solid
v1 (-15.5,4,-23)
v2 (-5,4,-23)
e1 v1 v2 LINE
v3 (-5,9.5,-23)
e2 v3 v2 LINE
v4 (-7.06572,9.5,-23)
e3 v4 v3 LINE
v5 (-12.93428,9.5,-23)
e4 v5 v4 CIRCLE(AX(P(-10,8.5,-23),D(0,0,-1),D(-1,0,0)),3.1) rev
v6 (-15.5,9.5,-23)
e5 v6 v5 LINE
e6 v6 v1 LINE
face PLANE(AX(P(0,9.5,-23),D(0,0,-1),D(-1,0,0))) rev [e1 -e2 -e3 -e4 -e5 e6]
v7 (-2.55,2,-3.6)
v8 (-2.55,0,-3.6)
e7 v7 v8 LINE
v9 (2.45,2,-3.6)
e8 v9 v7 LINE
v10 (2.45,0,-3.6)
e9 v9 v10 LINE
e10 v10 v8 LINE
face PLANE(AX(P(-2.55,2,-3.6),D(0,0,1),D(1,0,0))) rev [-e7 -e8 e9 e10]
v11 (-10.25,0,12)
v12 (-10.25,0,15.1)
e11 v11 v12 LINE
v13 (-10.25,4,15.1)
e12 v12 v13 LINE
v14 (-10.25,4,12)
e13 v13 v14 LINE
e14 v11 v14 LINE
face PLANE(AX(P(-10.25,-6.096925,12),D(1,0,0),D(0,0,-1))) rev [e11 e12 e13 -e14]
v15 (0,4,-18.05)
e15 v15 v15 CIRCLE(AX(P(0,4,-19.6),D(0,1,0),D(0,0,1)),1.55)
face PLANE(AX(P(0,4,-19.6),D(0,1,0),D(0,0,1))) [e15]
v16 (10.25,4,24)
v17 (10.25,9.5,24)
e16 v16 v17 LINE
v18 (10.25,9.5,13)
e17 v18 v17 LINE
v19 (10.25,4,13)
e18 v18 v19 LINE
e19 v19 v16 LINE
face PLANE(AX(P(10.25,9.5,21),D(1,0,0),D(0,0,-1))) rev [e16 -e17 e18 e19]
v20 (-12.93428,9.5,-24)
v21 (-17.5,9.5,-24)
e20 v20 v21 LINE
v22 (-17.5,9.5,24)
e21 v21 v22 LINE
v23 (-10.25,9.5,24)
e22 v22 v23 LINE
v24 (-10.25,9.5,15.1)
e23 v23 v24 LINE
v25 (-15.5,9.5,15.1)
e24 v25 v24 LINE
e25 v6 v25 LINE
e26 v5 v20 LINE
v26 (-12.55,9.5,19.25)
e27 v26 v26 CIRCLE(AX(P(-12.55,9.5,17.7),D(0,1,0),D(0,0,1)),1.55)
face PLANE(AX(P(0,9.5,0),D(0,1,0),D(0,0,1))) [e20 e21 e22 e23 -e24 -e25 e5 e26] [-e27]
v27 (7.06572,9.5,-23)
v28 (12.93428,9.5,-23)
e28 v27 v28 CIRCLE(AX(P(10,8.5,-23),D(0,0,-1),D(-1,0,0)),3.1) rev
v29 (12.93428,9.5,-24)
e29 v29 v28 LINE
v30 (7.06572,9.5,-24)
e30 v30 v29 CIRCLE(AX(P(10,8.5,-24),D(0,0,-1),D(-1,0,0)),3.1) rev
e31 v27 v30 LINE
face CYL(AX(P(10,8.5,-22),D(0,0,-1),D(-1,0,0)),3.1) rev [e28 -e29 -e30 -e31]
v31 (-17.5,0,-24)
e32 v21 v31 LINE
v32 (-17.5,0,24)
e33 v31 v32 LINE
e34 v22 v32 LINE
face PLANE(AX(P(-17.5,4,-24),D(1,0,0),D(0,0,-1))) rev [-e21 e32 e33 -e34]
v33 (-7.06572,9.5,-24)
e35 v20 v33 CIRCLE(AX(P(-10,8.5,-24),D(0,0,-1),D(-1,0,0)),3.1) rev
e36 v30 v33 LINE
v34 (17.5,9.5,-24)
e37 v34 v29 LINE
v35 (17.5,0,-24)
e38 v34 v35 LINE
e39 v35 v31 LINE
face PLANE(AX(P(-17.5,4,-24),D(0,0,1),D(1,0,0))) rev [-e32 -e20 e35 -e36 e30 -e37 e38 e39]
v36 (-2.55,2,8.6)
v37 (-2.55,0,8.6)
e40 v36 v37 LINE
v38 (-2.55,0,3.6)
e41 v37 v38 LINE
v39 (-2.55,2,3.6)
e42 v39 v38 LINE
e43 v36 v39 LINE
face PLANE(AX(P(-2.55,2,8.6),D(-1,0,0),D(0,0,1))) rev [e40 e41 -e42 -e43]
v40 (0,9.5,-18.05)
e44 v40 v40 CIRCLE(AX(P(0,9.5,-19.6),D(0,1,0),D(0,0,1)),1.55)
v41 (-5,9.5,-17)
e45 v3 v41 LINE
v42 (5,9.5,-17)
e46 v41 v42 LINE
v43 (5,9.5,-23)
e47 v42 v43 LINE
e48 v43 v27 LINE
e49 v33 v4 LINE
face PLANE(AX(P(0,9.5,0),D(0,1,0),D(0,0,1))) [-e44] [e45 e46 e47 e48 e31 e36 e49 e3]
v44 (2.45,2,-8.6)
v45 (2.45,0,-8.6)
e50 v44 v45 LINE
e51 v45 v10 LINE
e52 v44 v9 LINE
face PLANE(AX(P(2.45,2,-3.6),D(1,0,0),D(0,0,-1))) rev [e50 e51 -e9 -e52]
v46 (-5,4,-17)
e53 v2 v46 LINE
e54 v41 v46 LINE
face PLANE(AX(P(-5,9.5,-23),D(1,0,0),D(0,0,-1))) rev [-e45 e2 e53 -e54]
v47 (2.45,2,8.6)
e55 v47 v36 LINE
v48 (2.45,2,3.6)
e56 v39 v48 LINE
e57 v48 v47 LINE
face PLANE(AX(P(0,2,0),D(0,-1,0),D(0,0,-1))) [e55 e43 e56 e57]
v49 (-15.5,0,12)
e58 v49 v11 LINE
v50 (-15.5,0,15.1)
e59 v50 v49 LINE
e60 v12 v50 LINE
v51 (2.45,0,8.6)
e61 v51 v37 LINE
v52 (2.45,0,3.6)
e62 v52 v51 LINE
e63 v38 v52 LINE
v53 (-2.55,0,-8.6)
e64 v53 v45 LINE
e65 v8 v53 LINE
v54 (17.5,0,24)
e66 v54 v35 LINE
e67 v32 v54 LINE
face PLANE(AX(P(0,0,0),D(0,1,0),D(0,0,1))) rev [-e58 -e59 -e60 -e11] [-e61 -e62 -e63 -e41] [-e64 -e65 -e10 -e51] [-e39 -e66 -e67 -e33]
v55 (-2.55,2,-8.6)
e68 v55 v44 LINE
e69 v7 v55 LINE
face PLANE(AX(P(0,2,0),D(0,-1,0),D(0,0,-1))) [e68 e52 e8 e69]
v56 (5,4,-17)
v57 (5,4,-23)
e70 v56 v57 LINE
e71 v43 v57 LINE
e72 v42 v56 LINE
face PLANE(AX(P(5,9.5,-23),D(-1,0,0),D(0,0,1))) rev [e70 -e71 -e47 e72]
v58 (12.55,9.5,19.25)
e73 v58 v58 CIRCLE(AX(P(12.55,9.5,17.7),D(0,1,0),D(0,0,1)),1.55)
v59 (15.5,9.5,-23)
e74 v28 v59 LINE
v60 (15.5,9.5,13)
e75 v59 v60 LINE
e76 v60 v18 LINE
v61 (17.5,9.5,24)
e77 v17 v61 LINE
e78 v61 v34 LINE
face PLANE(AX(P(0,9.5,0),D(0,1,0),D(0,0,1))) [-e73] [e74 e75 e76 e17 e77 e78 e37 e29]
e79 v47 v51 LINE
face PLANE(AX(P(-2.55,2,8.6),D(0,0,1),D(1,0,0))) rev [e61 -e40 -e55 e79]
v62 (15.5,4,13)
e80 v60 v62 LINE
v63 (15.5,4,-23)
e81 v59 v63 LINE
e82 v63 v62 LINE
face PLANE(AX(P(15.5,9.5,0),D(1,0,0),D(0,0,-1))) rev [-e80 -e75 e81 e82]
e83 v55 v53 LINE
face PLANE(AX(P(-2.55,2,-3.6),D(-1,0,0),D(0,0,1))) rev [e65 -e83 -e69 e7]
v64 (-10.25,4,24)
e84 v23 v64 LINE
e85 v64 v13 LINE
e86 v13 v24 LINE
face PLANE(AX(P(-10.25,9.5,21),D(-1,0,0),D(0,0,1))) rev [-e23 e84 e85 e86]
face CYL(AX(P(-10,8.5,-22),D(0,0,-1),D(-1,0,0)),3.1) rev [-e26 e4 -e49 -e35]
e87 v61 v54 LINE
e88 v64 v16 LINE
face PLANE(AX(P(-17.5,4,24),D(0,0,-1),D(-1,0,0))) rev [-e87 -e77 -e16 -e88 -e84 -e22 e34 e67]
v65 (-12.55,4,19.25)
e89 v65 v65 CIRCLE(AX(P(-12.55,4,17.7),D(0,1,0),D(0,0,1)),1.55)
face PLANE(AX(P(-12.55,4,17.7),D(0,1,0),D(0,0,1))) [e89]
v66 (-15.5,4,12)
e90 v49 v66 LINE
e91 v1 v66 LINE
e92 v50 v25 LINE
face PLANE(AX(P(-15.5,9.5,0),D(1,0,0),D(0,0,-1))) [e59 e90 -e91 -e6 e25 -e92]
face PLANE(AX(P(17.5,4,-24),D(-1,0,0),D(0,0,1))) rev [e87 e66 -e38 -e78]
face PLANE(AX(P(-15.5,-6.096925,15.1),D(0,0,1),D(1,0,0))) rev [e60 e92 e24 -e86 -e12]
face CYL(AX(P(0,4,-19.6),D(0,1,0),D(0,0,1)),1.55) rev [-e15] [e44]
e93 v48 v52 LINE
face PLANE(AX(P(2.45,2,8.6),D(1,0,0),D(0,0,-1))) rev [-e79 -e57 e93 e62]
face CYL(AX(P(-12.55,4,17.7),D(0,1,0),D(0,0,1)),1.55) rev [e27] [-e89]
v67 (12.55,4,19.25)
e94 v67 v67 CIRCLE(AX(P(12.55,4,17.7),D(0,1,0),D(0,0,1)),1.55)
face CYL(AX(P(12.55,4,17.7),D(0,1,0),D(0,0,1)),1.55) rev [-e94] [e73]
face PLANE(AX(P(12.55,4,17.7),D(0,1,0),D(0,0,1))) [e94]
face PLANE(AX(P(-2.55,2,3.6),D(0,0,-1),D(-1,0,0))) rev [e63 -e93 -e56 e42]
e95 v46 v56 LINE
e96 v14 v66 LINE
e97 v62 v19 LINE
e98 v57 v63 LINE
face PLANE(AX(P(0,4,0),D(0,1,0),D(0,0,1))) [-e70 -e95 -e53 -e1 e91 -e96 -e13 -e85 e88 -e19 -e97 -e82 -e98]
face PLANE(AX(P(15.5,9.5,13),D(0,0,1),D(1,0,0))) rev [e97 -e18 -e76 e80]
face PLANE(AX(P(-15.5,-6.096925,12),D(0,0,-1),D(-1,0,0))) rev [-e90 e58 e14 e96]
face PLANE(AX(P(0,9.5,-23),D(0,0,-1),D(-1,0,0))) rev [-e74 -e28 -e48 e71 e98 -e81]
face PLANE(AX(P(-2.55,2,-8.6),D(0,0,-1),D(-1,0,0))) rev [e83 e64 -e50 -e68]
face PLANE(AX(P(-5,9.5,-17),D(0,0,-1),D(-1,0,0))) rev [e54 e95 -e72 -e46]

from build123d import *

# Parameters (mm, degrees)
SKETCH1_W           = 35
SKETCH1_H           = 48
BOSS_EXTRUDE1_DEPTH = 4
SKETCH2_W           = 35
SKETCH2_H           = 48
SKETCH2_W_2         = 31
SKETCH2_H_2         = 44
BOSS_EXTRUDE2_DEPTH = 5.5
SKETCH3_W           = 10
SKETCH3_H           = 6
SKETCH3_W_2         = 5.25
SKETCH3_H_2         = 8
BOSS_EXTRUDE3_DEPTH = 5.5
SKETCH4_W           = 20.5
SKETCH4_H           = 5.5
CUT_EXTRUDE1_DEPTH  = 3
CUT_EXTRUDE2_DEPTH  = 2
CUT_EXTRUDE3_REACH  = 33.185
SKETCH7_W           = 5.25
SKETCH7_H           = 3.1
CUT_EXTRUDE4_START  = 9.5
SKETCH8_R           = 1.55
CUT_EXTRUDE4_DEPTH  = 5.5
SKETCH5_W           = 5
SKETCH5_H           = 5
CUT_EXTRUDE5_DEPTH  = 2


with BuildPart() as part:
    # Sketch1 → Boss-Extrude1 (new body)
    with BuildSketch(Plane(origin=(0, 0, 0), x_dir=(1, 0, 0), z_dir=(0, 1, 0))):
        Rectangle(SKETCH1_W, SKETCH1_H)
    extrude(amount=BOSS_EXTRUDE1_DEPTH)

    # Sketch2 → Boss-Extrude2 (add)
    with BuildSketch(Plane(origin=(0, 4, 0), x_dir=(1, 0, 0), z_dir=(0, 1, 0))):
        Rectangle(SKETCH2_W, SKETCH2_H)
        with Locations((0, 1)):
            Rectangle(SKETCH2_W_2, SKETCH2_H_2, mode=Mode.SUBTRACT)
    extrude(amount=BOSS_EXTRUDE2_DEPTH)

    # Sketch3 → Boss-Extrude3 (add)
    with BuildSketch(Plane(origin=(0, 4, 0), x_dir=(1, 0, 0), z_dir=(0, 1, 0))):
        with Locations((0, 20)):
            Rectangle(SKETCH3_W, SKETCH3_H)
        with Locations((-12.875, -17)):
            Rectangle(SKETCH3_W_2, SKETCH3_H_2)
        with Locations((12.875, -17)):
            Rectangle(SKETCH3_W_2, SKETCH3_H_2)
    extrude(amount=BOSS_EXTRUDE3_DEPTH)

    # Sketch4 → Cut-Extrude1 (cut)
    with BuildSketch(Plane.XY.offset(24)):
        with Locations((0, 6.75)):
            Rectangle(SKETCH4_W, SKETCH4_H)
    extrude(amount=-CUT_EXTRUDE1_DEPTH, mode=Mode.SUBTRACT)

    # Sketch6 → Cut-Extrude2 (cut)
    with BuildSketch(Plane(origin=(0, 0, -24), x_dir=(-1, 0, 0), z_dir=(0, 0, -1))):
        with BuildLine():
            ThreePointArc((-12.93428015, 9.5), (-10, 5.4), (-7.06571985, 9.5))
            Line((-7.06571985, 9.5), (-12.93428015, 9.5))
        make_face()
        with BuildLine():
            Line((12.93428015, 9.5), (7.06571985, 9.5))
            ThreePointArc((7.06571985, 9.5), (10, 5.4), (12.93428015, 9.5))
        make_face()
    extrude(amount=-CUT_EXTRUDE2_DEPTH, mode=Mode.SUBTRACT)

    # Cut-Extrude3: up to this face of the body (flat: up to its plane)
    cut_extrude3_end = Plane(part.part.faces().sort_by_distance((0, 0, 0))[0])
    # Sketch7 → Cut-Extrude3 (cut, up to the picked face)
    with BuildSketch(Plane(origin=(0, 9.5, 0), x_dir=(1, 0, 0), z_dir=(0, 1, 0)), mode=Mode.PRIVATE) as cut_extrude3_sk1:
        with Locations((-12.875, -13.55)):
            Rectangle(SKETCH7_W, SKETCH7_H)
    cut_extrude3_tool1 = split(extrude(cut_extrude3_sk1.sketch, amount=-CUT_EXTRUDE3_REACH, mode=Mode.PRIVATE), bisect_by=cut_extrude3_end, keep=Keep.BOTH, mode=Mode.PRIVATE)
    add(cut_extrude3_tool1.solids().sort_by(Axis((-12.875, 9.5, 13.55), (0, -1, 0)))[0], mode=Mode.SUBTRACT)

    # Sketch8 → Cut-Extrude4 (cut)
    with BuildSketch(Plane(origin=(0, 0, 0), x_dir=(1, 0, 0), z_dir=(0, 1, 0)).offset(CUT_EXTRUDE4_START)):
        with Locations(Location((-12.55, -17.7, 0), (0, 0, 270))):
            Circle(SKETCH8_R)
        with Locations(Location((12.55, -17.7, 0), (0, 0, 270))):
            Circle(SKETCH8_R)
        with Locations(Location((0, 19.6, 0), (0, 0, 270))):
            Circle(SKETCH8_R)
    extrude(amount=-CUT_EXTRUDE4_DEPTH, mode=Mode.SUBTRACT)

    # Sketch5 → Cut-Extrude5 (cut)
    with BuildSketch(Plane.XZ):
        with Locations((-0.05, 6.1)):
            Rectangle(SKETCH5_W, SKETCH5_H)
        with Locations((-0.05, -6.1)):
            Rectangle(SKETCH5_W, SKETCH5_H)
    extrude(amount=-CUT_EXTRUDE5_DEPTH, mode=Mode.SUBTRACT)


solid = part.part
